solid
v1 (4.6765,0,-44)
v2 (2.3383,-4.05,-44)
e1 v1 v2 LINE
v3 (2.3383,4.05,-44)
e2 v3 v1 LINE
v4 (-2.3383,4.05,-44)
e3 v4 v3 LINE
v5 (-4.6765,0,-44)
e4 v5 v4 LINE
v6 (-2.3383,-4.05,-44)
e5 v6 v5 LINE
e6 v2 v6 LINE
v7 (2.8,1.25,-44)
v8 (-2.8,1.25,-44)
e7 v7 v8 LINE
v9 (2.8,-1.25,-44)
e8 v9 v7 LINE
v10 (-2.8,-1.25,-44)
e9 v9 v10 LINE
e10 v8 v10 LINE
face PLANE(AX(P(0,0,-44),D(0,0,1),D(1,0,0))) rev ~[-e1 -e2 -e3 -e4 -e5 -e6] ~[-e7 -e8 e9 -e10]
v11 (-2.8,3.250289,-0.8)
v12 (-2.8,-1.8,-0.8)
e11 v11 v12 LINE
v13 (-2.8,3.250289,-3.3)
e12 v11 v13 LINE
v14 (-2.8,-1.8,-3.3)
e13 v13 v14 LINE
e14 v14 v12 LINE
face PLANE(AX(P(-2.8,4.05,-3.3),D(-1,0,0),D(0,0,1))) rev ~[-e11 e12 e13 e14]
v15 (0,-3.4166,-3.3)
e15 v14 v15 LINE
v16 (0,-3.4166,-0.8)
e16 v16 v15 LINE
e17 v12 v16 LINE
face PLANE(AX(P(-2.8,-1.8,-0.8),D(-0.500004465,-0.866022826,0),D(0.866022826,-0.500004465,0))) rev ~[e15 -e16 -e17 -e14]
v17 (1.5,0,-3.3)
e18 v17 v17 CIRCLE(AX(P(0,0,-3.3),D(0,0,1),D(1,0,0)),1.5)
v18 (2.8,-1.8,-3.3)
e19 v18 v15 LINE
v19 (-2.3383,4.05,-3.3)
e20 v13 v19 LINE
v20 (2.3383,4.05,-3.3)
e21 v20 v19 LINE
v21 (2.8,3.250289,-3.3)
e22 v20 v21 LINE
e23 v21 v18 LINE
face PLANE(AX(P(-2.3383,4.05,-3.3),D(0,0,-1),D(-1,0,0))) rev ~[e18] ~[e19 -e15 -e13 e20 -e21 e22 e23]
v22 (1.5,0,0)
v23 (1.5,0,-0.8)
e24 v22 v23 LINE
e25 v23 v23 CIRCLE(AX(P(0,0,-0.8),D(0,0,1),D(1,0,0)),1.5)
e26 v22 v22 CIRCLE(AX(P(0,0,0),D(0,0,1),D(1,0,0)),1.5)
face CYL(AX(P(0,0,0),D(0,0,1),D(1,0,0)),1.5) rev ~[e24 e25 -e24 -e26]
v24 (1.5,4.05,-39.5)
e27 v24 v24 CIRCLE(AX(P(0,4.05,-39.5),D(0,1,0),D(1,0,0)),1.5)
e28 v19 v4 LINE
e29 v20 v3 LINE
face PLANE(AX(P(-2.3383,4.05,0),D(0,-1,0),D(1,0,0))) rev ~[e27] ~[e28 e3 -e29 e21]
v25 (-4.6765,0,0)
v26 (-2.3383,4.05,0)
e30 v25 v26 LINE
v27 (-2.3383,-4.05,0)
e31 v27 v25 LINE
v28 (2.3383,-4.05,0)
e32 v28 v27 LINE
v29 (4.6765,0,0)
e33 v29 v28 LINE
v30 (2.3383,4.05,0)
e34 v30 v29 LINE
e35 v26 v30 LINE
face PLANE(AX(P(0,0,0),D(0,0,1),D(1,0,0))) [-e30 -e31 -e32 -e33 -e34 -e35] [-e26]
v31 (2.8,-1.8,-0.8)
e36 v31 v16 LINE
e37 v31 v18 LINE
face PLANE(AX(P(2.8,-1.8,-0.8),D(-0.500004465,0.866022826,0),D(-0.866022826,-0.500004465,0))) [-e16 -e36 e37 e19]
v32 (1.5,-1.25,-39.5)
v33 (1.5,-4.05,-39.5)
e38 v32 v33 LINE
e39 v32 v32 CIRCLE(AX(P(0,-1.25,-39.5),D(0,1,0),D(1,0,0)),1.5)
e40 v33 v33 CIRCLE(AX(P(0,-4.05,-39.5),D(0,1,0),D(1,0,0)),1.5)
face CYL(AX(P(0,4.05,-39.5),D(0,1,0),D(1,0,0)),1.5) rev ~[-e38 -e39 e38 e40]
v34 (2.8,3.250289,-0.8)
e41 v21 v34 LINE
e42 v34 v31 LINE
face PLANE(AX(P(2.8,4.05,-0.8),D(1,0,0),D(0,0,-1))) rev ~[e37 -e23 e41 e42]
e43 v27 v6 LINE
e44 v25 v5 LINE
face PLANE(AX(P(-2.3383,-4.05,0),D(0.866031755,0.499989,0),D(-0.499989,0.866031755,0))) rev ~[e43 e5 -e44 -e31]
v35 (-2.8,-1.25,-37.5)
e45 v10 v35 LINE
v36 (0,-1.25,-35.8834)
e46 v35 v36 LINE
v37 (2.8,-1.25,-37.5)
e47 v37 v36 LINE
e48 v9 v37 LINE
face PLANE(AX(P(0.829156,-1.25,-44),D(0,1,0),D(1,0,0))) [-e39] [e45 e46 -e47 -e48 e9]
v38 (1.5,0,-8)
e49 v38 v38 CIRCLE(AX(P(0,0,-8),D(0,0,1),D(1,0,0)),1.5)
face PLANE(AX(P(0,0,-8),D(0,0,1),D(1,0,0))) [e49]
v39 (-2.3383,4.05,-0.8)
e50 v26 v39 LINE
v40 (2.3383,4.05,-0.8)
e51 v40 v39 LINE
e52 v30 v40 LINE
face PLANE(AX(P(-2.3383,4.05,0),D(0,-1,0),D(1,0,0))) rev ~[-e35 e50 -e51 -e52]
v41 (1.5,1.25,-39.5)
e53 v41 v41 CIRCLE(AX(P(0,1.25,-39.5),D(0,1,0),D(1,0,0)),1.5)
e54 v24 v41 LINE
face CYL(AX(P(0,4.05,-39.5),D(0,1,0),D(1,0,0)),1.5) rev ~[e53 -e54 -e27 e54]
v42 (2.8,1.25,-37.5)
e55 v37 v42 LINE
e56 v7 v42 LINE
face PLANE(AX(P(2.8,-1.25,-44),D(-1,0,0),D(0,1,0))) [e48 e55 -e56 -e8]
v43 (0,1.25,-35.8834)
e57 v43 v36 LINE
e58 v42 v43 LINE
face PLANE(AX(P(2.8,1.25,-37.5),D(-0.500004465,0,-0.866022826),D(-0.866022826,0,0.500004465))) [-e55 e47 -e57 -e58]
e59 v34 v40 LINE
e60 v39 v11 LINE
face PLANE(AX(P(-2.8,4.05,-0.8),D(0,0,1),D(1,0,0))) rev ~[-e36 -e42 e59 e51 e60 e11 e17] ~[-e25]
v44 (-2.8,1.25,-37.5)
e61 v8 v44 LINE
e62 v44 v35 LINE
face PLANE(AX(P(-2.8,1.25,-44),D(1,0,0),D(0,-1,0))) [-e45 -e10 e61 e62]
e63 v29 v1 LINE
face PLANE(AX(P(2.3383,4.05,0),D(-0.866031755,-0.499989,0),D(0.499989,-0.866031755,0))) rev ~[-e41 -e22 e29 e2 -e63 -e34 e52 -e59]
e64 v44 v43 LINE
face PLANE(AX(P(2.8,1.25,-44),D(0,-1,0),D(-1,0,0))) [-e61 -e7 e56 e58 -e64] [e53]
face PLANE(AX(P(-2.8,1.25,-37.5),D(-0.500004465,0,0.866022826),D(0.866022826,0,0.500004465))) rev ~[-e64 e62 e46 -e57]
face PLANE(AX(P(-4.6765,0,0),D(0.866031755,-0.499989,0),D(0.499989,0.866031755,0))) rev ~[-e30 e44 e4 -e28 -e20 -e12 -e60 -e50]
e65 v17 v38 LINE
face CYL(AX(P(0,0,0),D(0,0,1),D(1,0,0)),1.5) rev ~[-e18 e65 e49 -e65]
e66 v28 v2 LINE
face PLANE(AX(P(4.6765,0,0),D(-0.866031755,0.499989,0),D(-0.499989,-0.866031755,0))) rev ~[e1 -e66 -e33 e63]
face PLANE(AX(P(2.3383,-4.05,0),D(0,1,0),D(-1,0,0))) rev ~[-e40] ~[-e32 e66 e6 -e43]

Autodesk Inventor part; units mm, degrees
ref_plane "YZ Plane" through (0, 0, 0) normal (1, 0, 0) x (0, 1, 0)
ref_plane "XZ Plane" through (0, 0, 0) normal (0, 1, 0) x (-1, 0, 0)
sketch "Sketch1" plane through (0, 0, 0) normal (0, 0, 1) x (1, 0, 0)
  line L0 (-2.3383, -4.05) -> (-4.6765, 0)
  line L1 (-4.6765, 0) -> (-2.3383, 4.05)
  line L2 (-2.3383, 4.05) -> (2.3383, 4.05)
  line L3 (2.3383, 4.05) -> (4.6765, 0)
  line L4 (4.6765, 0) -> (2.3383, -4.05)
  line L5 (2.3383, -4.05) -> (-2.3383, -4.05)
  point P0 (0, 0)
  point P1 (0, 0)
  dimension "d0" = 4.05
extrude "Extrusion1" add sketch "Sketch1" against normal blind 44
sketch "Sketch2" plane through (4.6765, 0, 0) normal (0.866, 0.5, 0) x (0, 0, -1)
  line L0 (0, 4.6765) -> (0, 0) projected
  line L1 (4.75, 5.1383) -> (7.25, 5.1383)
  line L2 (7.25, 5.1383) -> (7.25, -0.4617)
  line L3 (7.25, -0.4617) -> (4.75, -0.4617)
  line L4 (4.75, -0.4617) -> (4.75, 5.1383)
  line L5 (4.75, 5.1383) -> (7.25, -0.4617) construction
  line L6 (7.25, 5.1383) -> (4.75, -0.4617) construction
  point P0 (0, 2.3383)
  point P1 (6, 2.3383)
  dimension "d3" = 2.5
  dimension "d4" = 5.6
  dimension "d10" = 0
  dimension "d11" = 6
extrude "Extrusion2" [suppressed]
sketch "Sketch3" plane through (0, 0, 0) normal (0, 0, 1) x (1, 0, 0)
  circle A0 centre (0, 0) radius 1.5
  dimension "d7" = 3
extrude "Extrusion3" cut sketch "Sketch3" against normal blind 8
ref_plane "Work Plane1" through (0, 0, -22) normal (0, 0, -1) x (-1, 0, 0)
mirror "Mirror1" [suppressed]
sketch "Sketch4" plane through (1.5014, 4.1, -7.25) normal (0, 0, 1) x (1, 0, 0)
  line L0 (0, 0) -> (-4.5469, -2.6251) projected
  line L1 (-1.7469, -7.4749) -> (-4.5469, -2.6251) projected
  line L2 (2.8, -4.8497) -> (-1.7469, -7.4749) projected
  line L3 (-4.5469, -2.6251) -> (-4.5469, -5.8583)
  line L4 (-1.7469, -7.4749) -> (-4.5469, -5.8583)
  line L5 (-1.7469, -7.4749) -> (-4.5469, -2.6251)
  point P0 (-1.5014, -4.1)
  dimension "d12" = 120
  dimension "d13" = 120
extrude "Extrusion4" [suppressed]
sketch "Sketch5" plane through (-4.6765, 0, -44) normal (-0.866, -0.5, 0) x (0, 0, 1)
  line L0 (0, -4.6765) -> (0, 0) projected
  line L1 (4.75, 0.5197) -> (7.25, 0.5197)
  line L2 (7.25, 0.5197) -> (7.25, -5.0803)
  line L3 (7.25, -5.0803) -> (4.75, -5.0803)
  line L4 (4.75, -5.0803) -> (4.75, 0.5197)
  line L5 (4.75, 0.5197) -> (7.25, -5.0803) construction
  line L6 (7.25, 0.5197) -> (4.75, -5.0803) construction
  line L7 (0, -3.8671) -> (0, -0.8671) projected
  line L8 (0, -4.6765) -> (0, 0) projected
  line L9 (0, 0) -> (0, 2.3383) projected
  line L10 (0, 2.3383) -> (0, 0) projected
  line L11 (0, 0) -> (0, -4.6765) projected
  line L12 (0, -4.6765) -> (0, -7.0148) projected
  line L13 (0, -7.0148) -> (0, -4.6765) projected
  line L14 (9.5, -0.8671) -> (9.5, -3.8671) projected
  line L15 (0, -3.8671) -> (0, -0.8671) projected
  line L16 (44, -7.0148) -> (0, -7.0148) projected
  line L17 (44, 2.3383) -> (0, 2.3383) projected
  point P0 (44, -2.3383)
  point P1 (6, -2.2803)
  dimension "d16" = 2.5
  dimension "d17" = 5.6
  dimension "d18" = 6
  dimension "d25" = 1.9345
extrude "Extrusion5" [suppressed]
sketch "Sketch6" plane through (-1.5019, -4.1, -42.75) normal (0, 0, -1) x (-1, 0, 0)
  line L0 (-1.7472, 7.4751) -> (-4.5472, 2.6253) projected
  line L1 (-4.5472, 2.6253) -> (-4.5472, 5.8585)
  line L2 (-1.7472, 7.4751) -> (-4.5472, 5.8585)
  line L3 (2.7993, 4.8501) -> (-1.7472, 7.4751) projected
  line L4 (0, 0) -> (-4.5472, 2.6253) projected
  line L5 (-1.7472, 7.4751) -> (-4.5472, 2.6253)
  point P0 (-1.5019, 4.1)
  dimension "d21" = 120
  dimension "d22" = 120
extrude "Extrusion6" [suppressed]
sketch "Sketch8" plane through (0, 0, -44) normal (0, 0, -1) x (-1, 0, 0)
  line L0 (-2.8, 1.25) -> (2.8, 1.25)
  line L1 (2.8, 1.25) -> (2.8, -1.25)
  line L2 (2.8, -1.25) -> (-2.8, -1.25)
  line L3 (-2.8, -1.25) -> (-2.8, 1.25)
  circle A0 centre (0, 0) radius 1.5 projected
  line L4 (-2.8, 1.25) -> (2.8, -1.25) construction
  line L5 (2.8, 1.25) -> (-2.8, -1.25) construction
  dimension "d32" = 5.6
  dimension "d33" = 2.5
extrude "Extrusion8" cut sketch "Sketch8" against normal blind 6.5 contours L0 A0 L2 L3 | L0 A0 L2 | L0 L1 L2 A0
sketch "Sketch9" plane through (-2.3383, 4.05, 0) normal (0, 1, 0) x (1, 0, 0)
  line L0 (4.6765, 0) -> (4.6765, 44) projected
  line L1 (0, 44) -> (4.6765, 44) projected
  line L2 (0, 0) -> (0, 44) projected
  line L3 (0, 0) -> (4.6765, 0) projected
  line L4 (5.1383, 44) -> (-0.4617, 44) projected
  line L5 (2.3383, 44) -> (2.3383, 0) construction
  line L6 (2.3383, 44) -> (46.3383, 44) construction
  circle A0 centre (2.3383, 39.5) radius 1.5
  dimension "d36" = 90
  dimension "d37" = 3
  dimension "d38" = 0
  dimension "d39" = 4.5
extrude "Extrusion9" cut sketch "Sketch9" against normal up to surface (8.1 mm away) contours A0
sketch "Sketch10" plane through (-2.8, 1.25, -44) normal (0, -1, 0) x (1, 0, 0)
  circle A0 centre (2.8, 4.5) radius 1.5 projected
  line L0 (5.6, 0) -> (0, 0) projected
  line L1 (5.6, 0) -> (5.6, 6.5) projected
  line L2 (5.6, 6.5) -> (0, 6.5) projected
  line L3 (0, 0) -> (0, 6.5) projected
  line L4 (0, 6.5) -> (2.8, 8.1166)
  line L5 (0, 6.5) -> (3.9156, 6.5) construction
  line L6 (5.6, 6.5) -> (2.8, 8.1166)
  line L7 (5.6, 6.5) -> (8.8332, 6.5) construction
  line L8 (5.6, 6.5) -> (0, 6.5)
  point P0 (2.8, 44)
  dimension "d42" = 30
  dimension "d43" = 150
extrude "Extrusion10" cut sketch "Sketch10" along normal blind 2.5 contours L2 L4 L6
sketch "Sketch11" plane through (-2.3383, 4.05, 0) normal (0, 1, 0) x (1, 0, 0)
  circle A0 centre (2.3383, 39.5) radius 1.5 projected
  line L0 (0, 0) -> (4.6765, 0) projected
  line L1 (4.6765, 0) -> (4.6765, 44) projected
  line L2 (0, 44) -> (4.6765, 44) projected
  line L3 (0, 0) -> (0, 44) projected
  line L4 (-0.4617, 0.8) -> (5.1383, 0.8)
  line L5 (5.1383, 0.8) -> (5.1383, 3.3)
  line L6 (5.1383, 3.3) -> (-0.4617, 3.3)
  line L7 (-0.4617, 3.3) -> (-0.4617, 0.8)
  line L8 (-0.4617, 0.8) -> (5.1383, 3.3) construction
  line L9 (5.1383, 0.8) -> (-0.4617, 3.3) construction
  point P0 (2.3383, 0)
  point P1 (2.3383, 2.05)
  dimension "d46" = 5.6
  dimension "d47" = 2.5
  dimension "d48" = 2.05
extrude "Extrusion11" cut sketch "Sketch11" against normal blind 5.85 contours L4 L7 L6 L3 | L3 L6 L1 L4 | L1 L6 L5 L4
sketch "Sketch12" plane through (2.3383, 4.05, -0.8) normal (0, 0, -1) x (-1, 0, 0)
  line L0 (5.1383, -0.7997) -> (4.6765, 0) projected
  line L1 (5.1383, -0.7997) -> (5.1383, -5.85) projected
  line L2 (5.1383, -5.85) -> (-0.4617, -5.85) projected
  line L3 (-0.4617, -0.7997) -> (-0.4617, -5.85) projected
  line L4 (0, 0) -> (-0.4617, -0.7997) projected
  line L5 (4.6765, 0) -> (0, 0) projected
  circle A0 centre (2.3383, -4.05) radius 1.5 projected
  line L6 (5.1383, -5.85) -> (2.3383, -7.4666)
  line L7 (5.1383, -5.85) -> (8.4476, -5.85) construction
  line L8 (-0.4617, -5.85) -> (2.3383, -7.4666)
  line L9 (-0.4617, -5.85) -> (2.7714, -5.85) construction
  dimension "d52" = 150
  dimension "d53" = 30
extrude "Extrusion12" cut sketch "Sketch12" along normal up to surface (2.5 mm away) contours L6 L8 L2
properties part number "SupportSecondToCoverNew" material "ABS Plastic"
